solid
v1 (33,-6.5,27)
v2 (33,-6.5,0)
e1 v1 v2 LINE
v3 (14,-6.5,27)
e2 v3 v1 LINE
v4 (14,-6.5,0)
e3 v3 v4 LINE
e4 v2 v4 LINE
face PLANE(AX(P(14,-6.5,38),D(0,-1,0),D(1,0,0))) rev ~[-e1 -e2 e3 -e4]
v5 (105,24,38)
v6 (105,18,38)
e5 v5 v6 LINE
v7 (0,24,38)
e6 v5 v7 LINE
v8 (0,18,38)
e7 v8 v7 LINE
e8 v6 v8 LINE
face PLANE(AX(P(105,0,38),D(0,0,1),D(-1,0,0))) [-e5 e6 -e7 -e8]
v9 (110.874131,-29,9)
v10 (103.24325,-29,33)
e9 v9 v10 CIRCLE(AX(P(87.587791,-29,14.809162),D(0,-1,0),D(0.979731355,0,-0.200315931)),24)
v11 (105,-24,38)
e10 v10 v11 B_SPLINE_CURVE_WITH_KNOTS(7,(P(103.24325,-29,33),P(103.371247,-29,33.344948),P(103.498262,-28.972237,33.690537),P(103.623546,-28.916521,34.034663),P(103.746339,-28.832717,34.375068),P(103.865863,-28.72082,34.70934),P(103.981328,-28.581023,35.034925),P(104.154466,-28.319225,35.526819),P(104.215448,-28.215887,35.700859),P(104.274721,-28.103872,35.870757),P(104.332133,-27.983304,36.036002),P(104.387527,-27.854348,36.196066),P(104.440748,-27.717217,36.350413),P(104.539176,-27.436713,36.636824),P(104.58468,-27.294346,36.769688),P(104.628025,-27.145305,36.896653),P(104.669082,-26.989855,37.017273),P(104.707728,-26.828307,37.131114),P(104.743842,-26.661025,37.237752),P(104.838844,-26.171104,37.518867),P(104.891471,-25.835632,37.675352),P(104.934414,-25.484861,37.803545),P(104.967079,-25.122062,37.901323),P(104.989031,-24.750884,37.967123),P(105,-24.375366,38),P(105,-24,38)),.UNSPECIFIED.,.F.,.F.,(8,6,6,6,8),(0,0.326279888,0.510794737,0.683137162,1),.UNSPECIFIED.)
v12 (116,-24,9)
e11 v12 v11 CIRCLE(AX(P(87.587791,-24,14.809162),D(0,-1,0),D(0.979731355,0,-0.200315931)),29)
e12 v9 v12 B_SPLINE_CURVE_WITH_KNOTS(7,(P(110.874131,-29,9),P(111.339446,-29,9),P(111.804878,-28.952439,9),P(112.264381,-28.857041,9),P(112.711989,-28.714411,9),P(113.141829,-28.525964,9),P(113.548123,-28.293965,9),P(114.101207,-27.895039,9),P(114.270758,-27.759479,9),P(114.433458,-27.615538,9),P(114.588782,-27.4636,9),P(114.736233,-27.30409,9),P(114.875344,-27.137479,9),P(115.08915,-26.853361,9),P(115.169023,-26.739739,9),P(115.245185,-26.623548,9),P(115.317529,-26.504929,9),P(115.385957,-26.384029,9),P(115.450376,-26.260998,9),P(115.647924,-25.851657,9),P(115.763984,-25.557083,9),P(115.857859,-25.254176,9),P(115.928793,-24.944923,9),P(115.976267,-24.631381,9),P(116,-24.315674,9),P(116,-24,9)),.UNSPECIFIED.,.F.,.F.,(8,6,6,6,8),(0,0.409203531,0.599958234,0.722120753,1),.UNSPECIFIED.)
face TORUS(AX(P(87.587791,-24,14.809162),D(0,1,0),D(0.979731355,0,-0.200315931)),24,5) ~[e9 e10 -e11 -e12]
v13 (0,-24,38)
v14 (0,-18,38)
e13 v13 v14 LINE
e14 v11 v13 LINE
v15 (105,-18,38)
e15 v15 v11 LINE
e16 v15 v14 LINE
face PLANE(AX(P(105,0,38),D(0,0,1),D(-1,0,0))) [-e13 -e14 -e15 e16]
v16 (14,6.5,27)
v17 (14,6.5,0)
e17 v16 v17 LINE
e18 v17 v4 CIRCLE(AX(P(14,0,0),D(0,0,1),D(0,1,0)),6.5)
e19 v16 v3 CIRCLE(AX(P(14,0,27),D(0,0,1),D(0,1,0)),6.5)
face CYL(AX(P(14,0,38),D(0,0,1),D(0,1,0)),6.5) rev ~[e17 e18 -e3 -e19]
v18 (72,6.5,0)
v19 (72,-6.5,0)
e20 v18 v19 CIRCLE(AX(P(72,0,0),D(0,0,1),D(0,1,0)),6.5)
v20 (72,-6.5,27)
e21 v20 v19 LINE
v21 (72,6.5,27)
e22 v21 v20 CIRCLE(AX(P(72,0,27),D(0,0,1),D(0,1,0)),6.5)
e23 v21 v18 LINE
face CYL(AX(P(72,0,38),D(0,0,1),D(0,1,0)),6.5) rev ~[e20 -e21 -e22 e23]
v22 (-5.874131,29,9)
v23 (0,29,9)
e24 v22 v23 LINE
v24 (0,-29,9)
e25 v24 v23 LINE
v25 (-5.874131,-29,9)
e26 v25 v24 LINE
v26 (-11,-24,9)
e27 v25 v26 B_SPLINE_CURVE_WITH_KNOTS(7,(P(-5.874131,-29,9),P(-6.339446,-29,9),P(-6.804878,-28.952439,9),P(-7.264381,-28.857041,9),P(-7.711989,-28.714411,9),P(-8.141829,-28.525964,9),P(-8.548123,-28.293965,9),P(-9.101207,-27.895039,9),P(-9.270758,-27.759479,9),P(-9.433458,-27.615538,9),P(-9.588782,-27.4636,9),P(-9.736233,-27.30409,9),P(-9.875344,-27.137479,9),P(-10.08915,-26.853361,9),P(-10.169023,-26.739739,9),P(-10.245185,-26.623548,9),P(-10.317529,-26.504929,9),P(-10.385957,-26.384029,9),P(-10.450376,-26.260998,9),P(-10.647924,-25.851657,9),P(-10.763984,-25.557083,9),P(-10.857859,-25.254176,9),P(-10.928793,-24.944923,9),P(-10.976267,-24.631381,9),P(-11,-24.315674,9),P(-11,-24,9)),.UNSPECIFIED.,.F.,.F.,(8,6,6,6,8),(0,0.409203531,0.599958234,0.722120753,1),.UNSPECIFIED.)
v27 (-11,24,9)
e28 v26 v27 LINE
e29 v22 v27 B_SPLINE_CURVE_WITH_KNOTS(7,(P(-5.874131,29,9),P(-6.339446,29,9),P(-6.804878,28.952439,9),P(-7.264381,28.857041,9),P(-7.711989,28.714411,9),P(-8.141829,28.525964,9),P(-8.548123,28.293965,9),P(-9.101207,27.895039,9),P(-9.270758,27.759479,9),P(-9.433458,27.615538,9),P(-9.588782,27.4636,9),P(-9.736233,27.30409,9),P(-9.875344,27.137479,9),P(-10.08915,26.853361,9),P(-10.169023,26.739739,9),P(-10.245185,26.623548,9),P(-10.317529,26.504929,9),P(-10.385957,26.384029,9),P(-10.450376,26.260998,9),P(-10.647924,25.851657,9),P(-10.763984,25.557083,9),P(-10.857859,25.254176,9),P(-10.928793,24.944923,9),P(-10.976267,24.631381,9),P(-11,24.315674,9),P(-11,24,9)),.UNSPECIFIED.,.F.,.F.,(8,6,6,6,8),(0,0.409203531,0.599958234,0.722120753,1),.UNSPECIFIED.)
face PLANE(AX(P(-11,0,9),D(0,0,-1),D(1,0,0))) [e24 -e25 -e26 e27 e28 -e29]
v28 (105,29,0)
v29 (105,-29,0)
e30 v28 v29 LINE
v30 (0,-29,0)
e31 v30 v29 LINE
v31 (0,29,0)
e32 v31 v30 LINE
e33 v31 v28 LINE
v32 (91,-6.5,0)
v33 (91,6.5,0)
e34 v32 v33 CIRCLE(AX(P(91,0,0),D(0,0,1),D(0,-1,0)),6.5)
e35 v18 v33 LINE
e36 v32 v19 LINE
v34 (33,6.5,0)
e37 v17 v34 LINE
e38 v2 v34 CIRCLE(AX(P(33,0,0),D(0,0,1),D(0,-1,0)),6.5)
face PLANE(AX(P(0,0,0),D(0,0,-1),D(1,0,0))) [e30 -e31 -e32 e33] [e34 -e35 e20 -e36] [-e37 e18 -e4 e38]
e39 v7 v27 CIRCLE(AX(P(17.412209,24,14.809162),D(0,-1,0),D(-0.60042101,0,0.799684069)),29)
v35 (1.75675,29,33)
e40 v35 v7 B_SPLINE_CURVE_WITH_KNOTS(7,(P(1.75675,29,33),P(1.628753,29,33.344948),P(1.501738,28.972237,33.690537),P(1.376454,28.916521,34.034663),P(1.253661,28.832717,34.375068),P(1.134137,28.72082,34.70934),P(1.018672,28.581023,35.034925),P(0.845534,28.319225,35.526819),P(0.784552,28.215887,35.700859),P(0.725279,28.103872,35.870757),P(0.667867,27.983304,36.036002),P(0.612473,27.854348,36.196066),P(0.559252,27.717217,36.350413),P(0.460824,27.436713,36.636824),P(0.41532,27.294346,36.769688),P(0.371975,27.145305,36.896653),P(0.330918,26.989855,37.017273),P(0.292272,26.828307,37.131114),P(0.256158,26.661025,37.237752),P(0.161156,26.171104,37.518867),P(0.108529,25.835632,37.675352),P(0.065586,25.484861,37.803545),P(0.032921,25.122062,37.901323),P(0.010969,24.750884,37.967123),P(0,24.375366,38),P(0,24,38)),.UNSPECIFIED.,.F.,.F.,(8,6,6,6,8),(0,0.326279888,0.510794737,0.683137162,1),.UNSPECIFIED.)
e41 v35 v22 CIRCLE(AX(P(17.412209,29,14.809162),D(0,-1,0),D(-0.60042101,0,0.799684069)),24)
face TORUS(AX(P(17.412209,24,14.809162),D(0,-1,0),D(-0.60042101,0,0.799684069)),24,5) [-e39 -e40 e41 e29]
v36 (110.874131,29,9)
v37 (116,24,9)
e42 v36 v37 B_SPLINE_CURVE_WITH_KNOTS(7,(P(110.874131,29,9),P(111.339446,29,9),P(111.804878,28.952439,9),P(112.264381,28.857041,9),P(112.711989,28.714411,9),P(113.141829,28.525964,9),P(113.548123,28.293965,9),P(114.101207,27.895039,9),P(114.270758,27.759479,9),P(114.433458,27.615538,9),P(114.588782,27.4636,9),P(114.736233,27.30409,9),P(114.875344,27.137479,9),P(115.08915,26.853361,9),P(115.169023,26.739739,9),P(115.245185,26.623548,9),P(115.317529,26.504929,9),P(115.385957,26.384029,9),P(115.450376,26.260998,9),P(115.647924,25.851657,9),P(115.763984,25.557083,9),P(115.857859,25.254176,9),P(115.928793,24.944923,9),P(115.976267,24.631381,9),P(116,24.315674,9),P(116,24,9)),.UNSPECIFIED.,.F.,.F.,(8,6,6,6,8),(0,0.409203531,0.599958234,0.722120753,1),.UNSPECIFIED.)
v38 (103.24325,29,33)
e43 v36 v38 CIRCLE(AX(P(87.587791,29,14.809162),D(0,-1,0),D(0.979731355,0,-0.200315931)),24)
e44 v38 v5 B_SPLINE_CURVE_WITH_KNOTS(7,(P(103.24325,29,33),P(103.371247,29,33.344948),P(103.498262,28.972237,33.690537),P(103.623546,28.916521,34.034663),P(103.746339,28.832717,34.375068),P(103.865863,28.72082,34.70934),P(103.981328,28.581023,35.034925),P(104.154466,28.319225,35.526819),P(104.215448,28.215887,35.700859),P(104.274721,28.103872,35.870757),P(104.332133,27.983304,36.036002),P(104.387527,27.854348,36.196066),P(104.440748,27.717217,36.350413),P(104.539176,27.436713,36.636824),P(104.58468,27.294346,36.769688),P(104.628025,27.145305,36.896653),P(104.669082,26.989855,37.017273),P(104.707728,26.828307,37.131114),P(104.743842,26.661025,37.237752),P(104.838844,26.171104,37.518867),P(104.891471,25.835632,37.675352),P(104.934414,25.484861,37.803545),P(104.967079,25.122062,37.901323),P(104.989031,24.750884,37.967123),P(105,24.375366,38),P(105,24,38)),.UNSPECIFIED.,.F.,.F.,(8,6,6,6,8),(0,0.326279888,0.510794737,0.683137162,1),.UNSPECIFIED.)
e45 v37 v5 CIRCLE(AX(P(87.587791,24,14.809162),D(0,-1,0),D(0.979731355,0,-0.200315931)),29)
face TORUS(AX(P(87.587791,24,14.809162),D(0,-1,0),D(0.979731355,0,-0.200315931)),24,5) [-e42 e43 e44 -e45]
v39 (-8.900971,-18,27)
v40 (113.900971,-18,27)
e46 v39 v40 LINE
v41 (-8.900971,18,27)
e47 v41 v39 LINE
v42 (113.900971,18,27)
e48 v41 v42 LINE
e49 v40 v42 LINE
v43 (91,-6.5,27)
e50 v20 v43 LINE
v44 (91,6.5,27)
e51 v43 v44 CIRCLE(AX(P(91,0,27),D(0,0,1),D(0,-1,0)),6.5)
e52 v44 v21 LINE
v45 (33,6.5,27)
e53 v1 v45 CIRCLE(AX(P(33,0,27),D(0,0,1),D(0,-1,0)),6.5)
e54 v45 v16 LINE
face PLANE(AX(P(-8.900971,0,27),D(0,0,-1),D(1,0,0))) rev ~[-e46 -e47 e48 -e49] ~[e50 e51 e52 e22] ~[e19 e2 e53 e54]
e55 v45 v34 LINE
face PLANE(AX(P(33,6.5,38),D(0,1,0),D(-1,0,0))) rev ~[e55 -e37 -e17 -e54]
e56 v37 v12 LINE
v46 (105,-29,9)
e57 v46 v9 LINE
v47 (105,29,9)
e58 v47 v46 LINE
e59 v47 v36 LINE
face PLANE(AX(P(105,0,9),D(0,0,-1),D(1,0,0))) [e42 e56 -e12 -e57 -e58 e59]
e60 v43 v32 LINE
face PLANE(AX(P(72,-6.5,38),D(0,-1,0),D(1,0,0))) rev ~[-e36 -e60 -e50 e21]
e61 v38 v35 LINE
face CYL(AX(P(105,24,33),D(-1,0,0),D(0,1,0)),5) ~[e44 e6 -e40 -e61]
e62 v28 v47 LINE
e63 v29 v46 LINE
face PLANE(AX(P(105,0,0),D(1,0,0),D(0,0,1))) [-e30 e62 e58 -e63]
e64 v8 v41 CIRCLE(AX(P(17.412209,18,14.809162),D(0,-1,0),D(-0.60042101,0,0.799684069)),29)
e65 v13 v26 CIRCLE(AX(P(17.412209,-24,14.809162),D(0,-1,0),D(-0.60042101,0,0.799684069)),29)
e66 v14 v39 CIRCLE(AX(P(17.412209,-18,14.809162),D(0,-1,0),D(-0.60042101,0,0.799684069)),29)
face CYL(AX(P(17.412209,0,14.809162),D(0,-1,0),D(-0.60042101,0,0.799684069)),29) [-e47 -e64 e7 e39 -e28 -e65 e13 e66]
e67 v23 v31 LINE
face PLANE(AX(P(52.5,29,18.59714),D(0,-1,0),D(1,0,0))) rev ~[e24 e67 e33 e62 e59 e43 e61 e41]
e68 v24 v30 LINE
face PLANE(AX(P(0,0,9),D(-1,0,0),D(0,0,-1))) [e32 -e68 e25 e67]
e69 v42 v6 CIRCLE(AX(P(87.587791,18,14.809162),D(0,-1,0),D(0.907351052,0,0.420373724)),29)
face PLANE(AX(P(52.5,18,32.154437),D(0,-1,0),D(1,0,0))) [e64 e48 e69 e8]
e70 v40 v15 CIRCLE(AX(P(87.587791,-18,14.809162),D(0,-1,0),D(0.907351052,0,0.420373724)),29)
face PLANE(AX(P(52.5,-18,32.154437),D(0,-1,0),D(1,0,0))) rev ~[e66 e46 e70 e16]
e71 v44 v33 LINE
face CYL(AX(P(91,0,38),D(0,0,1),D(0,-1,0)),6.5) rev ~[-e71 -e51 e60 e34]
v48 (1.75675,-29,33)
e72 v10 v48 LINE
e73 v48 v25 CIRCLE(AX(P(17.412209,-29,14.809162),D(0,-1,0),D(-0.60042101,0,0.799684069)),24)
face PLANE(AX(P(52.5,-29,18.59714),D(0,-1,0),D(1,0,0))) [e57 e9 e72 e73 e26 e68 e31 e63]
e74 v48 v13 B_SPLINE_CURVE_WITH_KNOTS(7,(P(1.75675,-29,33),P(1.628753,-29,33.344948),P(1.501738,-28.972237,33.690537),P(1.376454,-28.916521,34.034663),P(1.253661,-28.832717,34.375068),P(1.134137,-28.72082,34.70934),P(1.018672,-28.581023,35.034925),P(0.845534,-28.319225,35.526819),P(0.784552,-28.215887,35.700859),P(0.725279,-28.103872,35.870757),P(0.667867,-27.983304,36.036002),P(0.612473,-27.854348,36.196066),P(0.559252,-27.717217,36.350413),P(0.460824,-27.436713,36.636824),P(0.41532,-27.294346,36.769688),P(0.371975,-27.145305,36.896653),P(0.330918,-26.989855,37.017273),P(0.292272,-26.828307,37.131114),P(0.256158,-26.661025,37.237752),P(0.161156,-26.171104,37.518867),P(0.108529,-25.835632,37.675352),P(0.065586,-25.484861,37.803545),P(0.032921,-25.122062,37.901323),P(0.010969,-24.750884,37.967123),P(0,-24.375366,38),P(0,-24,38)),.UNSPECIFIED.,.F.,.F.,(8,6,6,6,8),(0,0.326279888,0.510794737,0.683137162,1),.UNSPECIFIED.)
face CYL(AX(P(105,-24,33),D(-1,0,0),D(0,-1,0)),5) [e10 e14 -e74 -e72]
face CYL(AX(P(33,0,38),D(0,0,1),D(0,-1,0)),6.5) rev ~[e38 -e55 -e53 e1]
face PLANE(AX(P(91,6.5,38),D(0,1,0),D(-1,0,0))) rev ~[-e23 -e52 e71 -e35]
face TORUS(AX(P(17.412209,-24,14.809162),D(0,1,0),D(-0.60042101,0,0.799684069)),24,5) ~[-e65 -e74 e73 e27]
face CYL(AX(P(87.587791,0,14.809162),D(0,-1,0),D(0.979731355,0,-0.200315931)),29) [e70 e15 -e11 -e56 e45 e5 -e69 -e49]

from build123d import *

# Parameters (mm, degrees)
F1_DEPTH = 29
F3_DEPTH = 38.001
F5_DEPTH = 18
F6_R     = 5


with BuildPart() as f1:
    # F0 (on Front) → F1 (new body, symmetric)
    with BuildSketch(Plane.XZ):
        with BuildLine():
            Line((0, 9), (0, 0))
            Line((0, 0), (105, 0))
            Line((105, 0), (105, 9))
            Line((105, 9), (116, 9))
            ThreePointArc((116, 9), (114.7027189695, 25.0941347815), (105, 38))
            Line((105, 38), (0, 38))
            ThreePointArc((0, 38), (-9.7027189695, 25.0941347815), (-11, 9))
            Line((-11, 9), (0, 9))
        make_face()
    extrude(amount=F1_DEPTH, both=True)

    # F2 (on face) → F3 (cut, through all)
    with BuildSketch(Plane.XY.offset(38)):
        with BuildLine():
            ThreePointArc((14, 6.5), (7.5, 0), (14, -6.5))
            Line((14, -6.5), (33, -6.5))
            ThreePointArc((33, -6.5), (39.5, 0), (33, 6.5))
            Line((33, 6.5), (14, 6.5))
        make_face()
        with BuildLine():
            ThreePointArc((72, 6.5), (65.5, 0), (72, -6.5))
            Line((72, -6.5), (91, -6.5))
            ThreePointArc((91, -6.5), (97.5, 0), (91, 6.5))
            Line((91, 6.5), (72, 6.5))
        make_face()
    extrude(amount=-F3_DEPTH, mode=Mode.SUBTRACT)

    # F4 (on Front) → F5 (cut, symmetric)
    with BuildSketch(Plane.XZ):
        with BuildLine():
            Line((105, 38), (0, 38))
            ThreePointArc((0, 38), (-5.1316907331, 33.0512170183), (-8.9009712184, 27))
            Line((-8.9009712184, 27), (113.9009712184, 27))
            ThreePointArc((113.9009712184, 27), (110.1316907331, 33.0512170183), (105, 38))
        make_face()
    extrude(amount=F5_DEPTH, both=True, mode=Mode.SUBTRACT)

    # F6
    f6_edges = [f1.edges().sort_by_distance(p)[0] for p in [
        (114.702719, 29, 25.094135),
        (52.5, 29, 38),
        (-9.702719, 29, 25.094135),
        (114.702719, -29, 25.094135),
        (52.5, -29, 38),
        (-9.702719, -29, 25.094135),
    ]]
    fillet(f6_edges, radius=F6_R)


solid = f1.part
